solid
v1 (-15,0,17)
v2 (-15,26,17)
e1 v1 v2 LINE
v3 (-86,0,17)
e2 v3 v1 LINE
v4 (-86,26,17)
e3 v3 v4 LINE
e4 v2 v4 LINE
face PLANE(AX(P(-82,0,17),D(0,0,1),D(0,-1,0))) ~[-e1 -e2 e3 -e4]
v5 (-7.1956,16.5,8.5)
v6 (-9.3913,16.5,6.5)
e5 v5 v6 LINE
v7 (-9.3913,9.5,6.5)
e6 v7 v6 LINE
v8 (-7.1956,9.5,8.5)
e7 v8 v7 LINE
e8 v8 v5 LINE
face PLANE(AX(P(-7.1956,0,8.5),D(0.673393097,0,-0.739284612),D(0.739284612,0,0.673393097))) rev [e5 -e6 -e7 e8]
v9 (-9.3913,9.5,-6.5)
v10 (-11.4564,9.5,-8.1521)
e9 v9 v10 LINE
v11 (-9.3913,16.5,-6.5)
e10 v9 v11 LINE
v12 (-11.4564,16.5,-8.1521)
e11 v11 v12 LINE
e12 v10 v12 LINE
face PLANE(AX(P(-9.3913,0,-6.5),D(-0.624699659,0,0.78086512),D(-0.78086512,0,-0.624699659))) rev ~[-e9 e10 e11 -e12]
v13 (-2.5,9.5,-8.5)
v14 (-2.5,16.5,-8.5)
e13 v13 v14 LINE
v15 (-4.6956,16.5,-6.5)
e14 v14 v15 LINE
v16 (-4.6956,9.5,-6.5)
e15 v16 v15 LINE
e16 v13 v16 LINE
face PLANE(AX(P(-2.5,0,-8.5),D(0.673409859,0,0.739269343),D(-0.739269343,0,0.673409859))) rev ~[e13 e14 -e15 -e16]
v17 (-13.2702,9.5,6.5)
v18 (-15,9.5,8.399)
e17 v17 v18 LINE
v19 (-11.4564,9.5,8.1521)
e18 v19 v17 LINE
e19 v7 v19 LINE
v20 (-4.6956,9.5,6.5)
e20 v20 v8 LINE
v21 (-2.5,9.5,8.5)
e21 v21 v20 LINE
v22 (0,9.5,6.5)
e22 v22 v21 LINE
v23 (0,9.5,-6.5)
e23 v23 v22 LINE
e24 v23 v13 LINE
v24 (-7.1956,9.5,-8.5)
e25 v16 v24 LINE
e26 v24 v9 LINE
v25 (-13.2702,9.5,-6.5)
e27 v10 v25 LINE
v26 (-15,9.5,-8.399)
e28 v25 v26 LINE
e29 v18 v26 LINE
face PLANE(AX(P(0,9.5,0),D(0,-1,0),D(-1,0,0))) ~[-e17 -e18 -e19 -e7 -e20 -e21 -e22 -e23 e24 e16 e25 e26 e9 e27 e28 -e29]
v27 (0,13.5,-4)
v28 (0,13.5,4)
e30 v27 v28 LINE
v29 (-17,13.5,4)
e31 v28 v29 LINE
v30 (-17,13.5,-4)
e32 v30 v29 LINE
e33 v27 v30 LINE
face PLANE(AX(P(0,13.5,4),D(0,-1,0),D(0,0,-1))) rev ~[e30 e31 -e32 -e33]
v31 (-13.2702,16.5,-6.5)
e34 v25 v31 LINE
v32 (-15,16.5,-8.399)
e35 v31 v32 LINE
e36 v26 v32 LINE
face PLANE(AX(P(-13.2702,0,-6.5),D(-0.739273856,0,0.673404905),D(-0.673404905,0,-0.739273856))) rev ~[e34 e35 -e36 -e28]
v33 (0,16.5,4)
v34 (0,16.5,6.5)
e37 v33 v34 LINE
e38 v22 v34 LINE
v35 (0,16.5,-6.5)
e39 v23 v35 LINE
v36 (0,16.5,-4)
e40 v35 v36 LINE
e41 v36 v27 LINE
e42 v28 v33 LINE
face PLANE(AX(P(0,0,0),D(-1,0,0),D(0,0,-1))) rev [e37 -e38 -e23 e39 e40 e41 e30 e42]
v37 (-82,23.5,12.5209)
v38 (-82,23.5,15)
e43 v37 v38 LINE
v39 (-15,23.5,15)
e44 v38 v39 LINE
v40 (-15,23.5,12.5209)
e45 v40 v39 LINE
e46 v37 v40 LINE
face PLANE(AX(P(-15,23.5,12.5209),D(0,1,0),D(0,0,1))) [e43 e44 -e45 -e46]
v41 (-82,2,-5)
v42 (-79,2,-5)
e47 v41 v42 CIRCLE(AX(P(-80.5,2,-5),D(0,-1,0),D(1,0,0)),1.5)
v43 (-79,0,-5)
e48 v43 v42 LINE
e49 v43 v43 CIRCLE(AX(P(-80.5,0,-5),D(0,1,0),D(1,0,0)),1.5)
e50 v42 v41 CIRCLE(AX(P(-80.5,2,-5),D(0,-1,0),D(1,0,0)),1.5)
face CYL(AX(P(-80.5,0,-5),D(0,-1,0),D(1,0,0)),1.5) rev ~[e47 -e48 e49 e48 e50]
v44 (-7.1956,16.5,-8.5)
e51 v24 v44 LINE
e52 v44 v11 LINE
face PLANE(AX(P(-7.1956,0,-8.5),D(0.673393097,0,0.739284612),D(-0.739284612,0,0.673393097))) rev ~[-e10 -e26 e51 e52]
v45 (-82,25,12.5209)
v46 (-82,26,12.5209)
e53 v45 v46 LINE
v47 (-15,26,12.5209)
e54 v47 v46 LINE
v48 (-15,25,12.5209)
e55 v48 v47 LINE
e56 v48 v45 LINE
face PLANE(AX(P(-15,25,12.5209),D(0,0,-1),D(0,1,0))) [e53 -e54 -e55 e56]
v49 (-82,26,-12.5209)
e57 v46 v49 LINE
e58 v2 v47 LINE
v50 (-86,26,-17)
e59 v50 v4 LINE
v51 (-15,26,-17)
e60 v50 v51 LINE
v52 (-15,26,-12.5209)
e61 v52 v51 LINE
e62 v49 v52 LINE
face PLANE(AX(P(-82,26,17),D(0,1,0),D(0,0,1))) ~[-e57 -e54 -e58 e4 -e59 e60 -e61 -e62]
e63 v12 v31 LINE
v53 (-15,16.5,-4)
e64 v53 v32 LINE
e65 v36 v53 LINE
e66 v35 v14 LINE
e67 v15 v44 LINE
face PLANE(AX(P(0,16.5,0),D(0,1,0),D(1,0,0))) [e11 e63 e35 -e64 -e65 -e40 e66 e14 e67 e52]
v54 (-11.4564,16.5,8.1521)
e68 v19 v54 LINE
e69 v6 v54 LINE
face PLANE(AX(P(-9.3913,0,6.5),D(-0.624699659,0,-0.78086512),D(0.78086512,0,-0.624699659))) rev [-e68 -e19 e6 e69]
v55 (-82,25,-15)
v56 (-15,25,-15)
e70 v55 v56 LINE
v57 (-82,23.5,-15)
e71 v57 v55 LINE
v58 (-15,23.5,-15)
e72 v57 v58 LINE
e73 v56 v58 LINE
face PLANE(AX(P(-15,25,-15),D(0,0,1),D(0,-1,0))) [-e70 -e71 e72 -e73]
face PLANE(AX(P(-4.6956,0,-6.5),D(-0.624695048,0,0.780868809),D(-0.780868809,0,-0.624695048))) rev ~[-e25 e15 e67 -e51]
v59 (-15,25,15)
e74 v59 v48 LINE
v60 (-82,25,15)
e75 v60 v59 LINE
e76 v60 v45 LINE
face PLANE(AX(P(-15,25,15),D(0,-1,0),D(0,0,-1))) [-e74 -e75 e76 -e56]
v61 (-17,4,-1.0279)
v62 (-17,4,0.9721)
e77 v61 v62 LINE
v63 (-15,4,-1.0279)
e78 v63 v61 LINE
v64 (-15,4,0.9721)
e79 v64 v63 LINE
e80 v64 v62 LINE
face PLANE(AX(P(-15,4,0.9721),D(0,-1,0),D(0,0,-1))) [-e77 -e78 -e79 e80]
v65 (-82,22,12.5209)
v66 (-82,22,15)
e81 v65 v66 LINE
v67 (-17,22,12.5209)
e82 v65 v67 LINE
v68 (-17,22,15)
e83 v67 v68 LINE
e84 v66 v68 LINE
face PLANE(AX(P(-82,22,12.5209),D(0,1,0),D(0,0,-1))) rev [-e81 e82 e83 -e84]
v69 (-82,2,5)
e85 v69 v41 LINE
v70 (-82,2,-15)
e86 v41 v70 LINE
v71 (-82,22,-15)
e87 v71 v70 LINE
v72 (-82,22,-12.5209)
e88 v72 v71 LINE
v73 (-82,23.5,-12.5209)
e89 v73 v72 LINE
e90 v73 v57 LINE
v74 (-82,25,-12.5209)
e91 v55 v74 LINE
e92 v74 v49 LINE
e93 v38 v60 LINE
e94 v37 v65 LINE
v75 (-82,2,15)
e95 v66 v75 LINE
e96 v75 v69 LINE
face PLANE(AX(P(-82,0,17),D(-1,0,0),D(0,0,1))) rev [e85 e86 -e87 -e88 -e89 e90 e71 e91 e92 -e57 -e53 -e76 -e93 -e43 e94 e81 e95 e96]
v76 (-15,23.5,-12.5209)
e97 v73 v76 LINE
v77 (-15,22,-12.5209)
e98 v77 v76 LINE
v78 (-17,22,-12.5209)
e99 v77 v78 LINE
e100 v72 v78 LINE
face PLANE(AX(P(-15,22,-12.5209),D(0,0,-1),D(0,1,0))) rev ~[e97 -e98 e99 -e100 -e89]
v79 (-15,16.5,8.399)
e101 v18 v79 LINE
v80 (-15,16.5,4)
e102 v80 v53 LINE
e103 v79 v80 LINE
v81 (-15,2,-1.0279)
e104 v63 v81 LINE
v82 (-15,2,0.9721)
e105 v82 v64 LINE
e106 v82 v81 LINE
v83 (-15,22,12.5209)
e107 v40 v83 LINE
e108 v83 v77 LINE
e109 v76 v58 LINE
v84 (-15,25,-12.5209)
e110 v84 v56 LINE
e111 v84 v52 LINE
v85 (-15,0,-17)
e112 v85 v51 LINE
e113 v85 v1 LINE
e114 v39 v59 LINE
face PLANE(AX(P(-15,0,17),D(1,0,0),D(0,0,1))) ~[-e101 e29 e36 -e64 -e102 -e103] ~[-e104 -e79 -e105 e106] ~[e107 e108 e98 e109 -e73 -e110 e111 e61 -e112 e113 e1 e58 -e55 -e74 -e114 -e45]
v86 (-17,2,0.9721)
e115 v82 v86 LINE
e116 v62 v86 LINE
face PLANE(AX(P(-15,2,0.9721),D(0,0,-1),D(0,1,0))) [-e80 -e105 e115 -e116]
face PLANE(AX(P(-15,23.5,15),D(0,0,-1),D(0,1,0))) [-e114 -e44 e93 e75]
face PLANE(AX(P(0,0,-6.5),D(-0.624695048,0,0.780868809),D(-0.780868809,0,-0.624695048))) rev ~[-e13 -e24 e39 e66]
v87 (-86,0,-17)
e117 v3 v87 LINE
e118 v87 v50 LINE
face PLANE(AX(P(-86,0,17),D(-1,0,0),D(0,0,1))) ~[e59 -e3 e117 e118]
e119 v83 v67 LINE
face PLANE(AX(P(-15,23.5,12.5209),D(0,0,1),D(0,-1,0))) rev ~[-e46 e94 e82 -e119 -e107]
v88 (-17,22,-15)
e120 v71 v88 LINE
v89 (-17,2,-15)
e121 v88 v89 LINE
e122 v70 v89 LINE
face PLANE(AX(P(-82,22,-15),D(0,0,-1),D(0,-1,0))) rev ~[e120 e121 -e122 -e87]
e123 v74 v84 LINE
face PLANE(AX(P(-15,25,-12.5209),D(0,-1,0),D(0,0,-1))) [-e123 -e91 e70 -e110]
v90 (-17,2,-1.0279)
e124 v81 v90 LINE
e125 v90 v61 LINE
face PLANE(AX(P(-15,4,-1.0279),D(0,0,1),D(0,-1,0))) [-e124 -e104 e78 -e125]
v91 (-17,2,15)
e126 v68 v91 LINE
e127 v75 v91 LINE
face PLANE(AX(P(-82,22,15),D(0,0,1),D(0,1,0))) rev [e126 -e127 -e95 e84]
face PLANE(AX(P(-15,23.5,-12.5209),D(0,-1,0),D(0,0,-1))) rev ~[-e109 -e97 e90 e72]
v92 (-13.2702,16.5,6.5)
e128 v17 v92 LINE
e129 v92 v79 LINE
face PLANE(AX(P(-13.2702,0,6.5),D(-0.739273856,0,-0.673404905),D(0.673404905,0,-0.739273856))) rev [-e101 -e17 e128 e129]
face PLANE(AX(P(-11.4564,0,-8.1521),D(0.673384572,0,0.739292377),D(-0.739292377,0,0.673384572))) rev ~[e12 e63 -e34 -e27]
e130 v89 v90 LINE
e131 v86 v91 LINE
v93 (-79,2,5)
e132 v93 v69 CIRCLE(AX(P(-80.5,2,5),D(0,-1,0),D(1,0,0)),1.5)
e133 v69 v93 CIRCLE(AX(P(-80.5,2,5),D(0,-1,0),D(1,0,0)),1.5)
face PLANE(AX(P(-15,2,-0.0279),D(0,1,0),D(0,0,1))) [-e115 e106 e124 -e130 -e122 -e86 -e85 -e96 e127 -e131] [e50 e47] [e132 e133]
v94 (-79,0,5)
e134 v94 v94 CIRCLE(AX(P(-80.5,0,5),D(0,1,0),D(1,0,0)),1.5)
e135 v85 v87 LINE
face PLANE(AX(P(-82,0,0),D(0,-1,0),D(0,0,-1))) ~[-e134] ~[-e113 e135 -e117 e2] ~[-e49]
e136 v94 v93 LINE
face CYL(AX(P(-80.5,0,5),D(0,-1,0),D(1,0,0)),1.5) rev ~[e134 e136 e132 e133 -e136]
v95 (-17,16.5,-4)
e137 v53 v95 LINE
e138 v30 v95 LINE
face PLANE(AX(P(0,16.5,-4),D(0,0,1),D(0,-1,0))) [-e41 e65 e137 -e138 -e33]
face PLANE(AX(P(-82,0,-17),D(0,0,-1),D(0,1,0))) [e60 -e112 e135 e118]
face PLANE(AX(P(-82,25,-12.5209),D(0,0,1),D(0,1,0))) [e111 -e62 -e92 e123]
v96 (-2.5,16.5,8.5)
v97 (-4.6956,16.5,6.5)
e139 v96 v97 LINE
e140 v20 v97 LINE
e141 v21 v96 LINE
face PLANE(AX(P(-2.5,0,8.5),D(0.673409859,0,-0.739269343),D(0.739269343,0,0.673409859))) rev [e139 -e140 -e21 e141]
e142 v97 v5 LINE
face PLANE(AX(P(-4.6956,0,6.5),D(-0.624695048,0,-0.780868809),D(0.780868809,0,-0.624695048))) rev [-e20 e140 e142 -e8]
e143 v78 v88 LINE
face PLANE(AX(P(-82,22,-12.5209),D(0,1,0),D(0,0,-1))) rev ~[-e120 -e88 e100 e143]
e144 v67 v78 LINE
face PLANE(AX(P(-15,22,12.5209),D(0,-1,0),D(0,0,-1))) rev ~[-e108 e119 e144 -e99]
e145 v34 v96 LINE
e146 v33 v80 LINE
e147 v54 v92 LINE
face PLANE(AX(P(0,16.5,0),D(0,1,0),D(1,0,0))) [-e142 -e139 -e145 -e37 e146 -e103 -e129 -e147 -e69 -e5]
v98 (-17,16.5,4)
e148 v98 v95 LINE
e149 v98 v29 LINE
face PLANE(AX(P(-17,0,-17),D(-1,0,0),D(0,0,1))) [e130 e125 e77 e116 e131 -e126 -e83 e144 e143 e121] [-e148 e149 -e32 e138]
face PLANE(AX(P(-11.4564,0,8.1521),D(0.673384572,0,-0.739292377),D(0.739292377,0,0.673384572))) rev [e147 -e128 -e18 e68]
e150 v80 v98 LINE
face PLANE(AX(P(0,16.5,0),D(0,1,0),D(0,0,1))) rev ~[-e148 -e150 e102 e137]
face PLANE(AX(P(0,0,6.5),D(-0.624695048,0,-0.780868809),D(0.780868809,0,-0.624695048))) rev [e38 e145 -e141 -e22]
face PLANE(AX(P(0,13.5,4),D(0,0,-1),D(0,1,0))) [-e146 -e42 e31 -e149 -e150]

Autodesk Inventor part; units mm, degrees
ref_plane "YZ Plane" through (0, 0, 0) normal (1, 0, 0) x (0, 1, 0)
ref_plane "XZ Plane" through (0, 0, 0) normal (0, 1, 0) x (-1, 0, 0)
sketch "草图1" plane through (0, 0, 0) normal (0, 1, 0) x (-1, 0, 0)
  line L0 (0, 0) -> (0, -6.5)
  line L1 (0, 0) -> (15, 0)
  line L2 (0, 0) -> (0, -6.5)
  line L3 (0, -6.5) -> (2.5, -8.5)
  line L4 (2.5, -8.5) -> (4.6956, -6.5)
  line L5 (4.6956, -6.5) -> (7.1956, -8.5)
  line L6 (7.1956, -8.5) -> (9.3913, -6.5)
  line L7 (9.3913, -6.5) -> (11.4564, -8.1521)
  line L8 (11.4564, -8.1521) -> (13.2702, -6.5)
  line L9 (13.2702, -6.5) -> (15, -8.399)
  line L10 (15, 0) -> (82, 0)
  line L11 (82, 0) -> (82, -17)
  line L12 (82, -17) -> (15, -17)
  line L13 (15, -17) -> (15, -8.399)
  line L14 (15, -10) -> (15, -8.399)
  line L15 (15, -10) -> (15, -8.399)
  dimension "d1" = 6.5
  dimension "d2" = 15
  dimension "d3" = 99.01
  dimension "d4" = 67
  dimension "d6" = 17
extrude "拉伸1" add sketch "草图1" along normal blind 26
sketch "草图2" plane through (-82, 0, -17) normal (-1, 0, 0) x (0, 0, 1)
  line L0 (4.4791, 22) -> (2, 22)
  line L1 (2, 22) -> (2, 2)
  line L2 (2, 2) -> (17, 2)
  line L3 (4.4791, 23.5) -> (2, 23.5)
  line L4 (2, 23.5) -> (2, 25)
  line L5 (2, 25) -> (4.4791, 25)
  line L6 (0, 0) -> (17, 0) projected
  line L7 (17, 0) -> (17, 26) projected
  line L8 (0, 26) -> (17, 26) projected
  line L9 (0, 0) -> (0, 26) projected
  line L10 (4.4791, 25) -> (4.4791, 26)
  line L11 (4.4791, 23.5) -> (4.4791, 22)
  line L12 (17, 0) -> (17, 26) projected
  line L13 (4.4791, 26) -> (17, 26)
  line L14 (17, 26) -> (17, 2)
  dimension "d9" = 20
  dimension "d11" = 1.5
  dimension "d12" = 1.5
  dimension "d13" = 15
  dimension "d14" = 2
extrude "拉伸2" cut sketch "草图2" against normal blind 65 contours L11 L3 L4 L5 L10 L8 L7 L2 L1 L0
sketch "草图3" plane through (-82, 0, -17) normal (-1, 0, 0) x (0, 0, 1)
  line L0 (0, 0) -> (0, 26) projected
  line L1 (0, 26) -> (17, 26)
  line L2 (17, 26) -> (17, 0)
  line L3 (17, 0) -> (0, 0)
  line L4 (0, 0) -> (0, 26)
extrude "拉伸3" add sketch "草图3" along normal blind 4
mirror "镜像1" about plane through (-82, 0, 0) normal (0, 0, 1) of "拉伸1", "拉伸2", "拉伸3"
sketch "草图4" plane through (0, 26, 0) normal (0, 1, 0) x (1, 0, 0)
  line L0 (-15, -17) -> (-86, -17) projected
  line L1 (-15, -8.399) -> (-15, -17) projected
  line L2 (-13.2702, -6.5) -> (-15, -8.399) projected
  line L3 (-11.4564, -8.1521) -> (-13.2702, -6.5) projected
  line L4 (-9.3913, -6.5) -> (-11.4564, -8.1521) projected
  line L5 (-7.1956, -8.5) -> (-9.3913, -6.5) projected
  line L6 (-4.6956, -6.5) -> (-7.1956, -8.5) projected
  line L7 (-2.5, -8.5) -> (-4.6956, -6.5) projected
  line L8 (0, -6.5) -> (-2.5, -8.5) projected
  line L9 (0, 6.5) -> (0, -6.5) projected
  line L10 (0, 6.5) -> (-2.5, 8.5) projected
  line L11 (-2.5, 8.5) -> (-4.6956, 6.5) projected
  line L12 (-4.6956, 6.5) -> (-7.1956, 8.5) projected
  line L13 (-7.1956, 8.5) -> (-9.3913, 6.5) projected
  line L14 (-9.3913, 6.5) -> (-11.4564, 8.1521) projected
  line L15 (-11.4564, 8.1521) -> (-13.2702, 6.5) projected
  line L16 (-13.2702, 6.5) -> (-15, 8.399) projected
  line L17 (-15, 8.399) -> (-15, 17) projected
  line L18 (-15, 17) -> (-86, 17) projected
  line L19 (-86, 17) -> (-86, -17) projected
  line L20 (-82, 12.5209) -> (-82, -12.5209) projected
  line L21 (-82, 12.5209) -> (-17, 12.5209) projected
  line L22 (-17, 12.5209) -> (-17, -12.5209) projected
  line L23 (-17, -12.5209) -> (-82, -12.5209) projected
  line L24 (-15, -8.399) -> (-15, 8.399)
  point P0 (0, 0)
extrude "拉伸4" cut sketch "草图4" against normal blind 9.5 contours L24 L16 L15 L14 L13 L12 L11 L10 L9 L8 L7 L6 L5 L4 L3 L2
ref_plane "工作平面1" through (0, 13, 0) normal (0, 1, 0) x (1, 0, 0)
mirror "镜像2" about plane through (0, 13, 0) normal (0, 1, 0) of "拉伸4"
sketch "草图5" plane through (-15, 0, -17) normal (1, 0, 0) x (0, 0, -1)
  line L0 (-32, 23.5) -> (-32, 25) projected
  line L1 (-4.4791, 23.5) -> (-2, 23.5) projected
  line L2 (-32, 25) -> (-2, 25)
  line L3 (-2, 25) -> (-2, 23.5)
  line L4 (-2, 23.5) -> (-32, 23.5)
  line L5 (-32, 23.5) -> (-32, 25)
  line L6 (-29.5209, 25) -> (-29.5209, 26) projected
  line L7 (-4.4791, 25) -> (-4.4791, 26) projected
  line L8 (-29.5209, 25) -> (-4.4791, 25)
  line L9 (-4.4791, 25) -> (-4.4791, 26)
  line L10 (-4.4791, 26) -> (-29.5209, 26)
  line L11 (-29.5209, 26) -> (-29.5209, 25)
  line L12 (-32, 22) -> (-29.5209, 22) projected
  line L13 (-29.5209, 22) -> (-4.4791, 22)
  line L14 (-4.4791, 22) -> (-4.4791, 23.5)
  line L15 (-4.4791, 23.5) -> (-29.5209, 23.5)
  line L16 (-29.5209, 23.5) -> (-29.5209, 22)
  point P0 (-17, 0)
extrude "拉伸5" cut sketch "草图5" against normal up to surface (2 mm away) from surface at 0
sketch "草图6" plane through (0, 16.5, 6.5) normal (1, 0, 0) x (0, 0, -1)
  line L0 (0, -7) -> (13, -7) projected
  line L1 (13, -7) -> (13, 0) projected
  line L2 (13, 0) -> (0, 0) projected
  line L3 (0, -7) -> (0, 0) projected
  line L4 (0, -3) -> (13, -3) projected
  line L5 (2.5, 0) -> (10.5, 0)
  line L6 (10.5, 0) -> (10.5, -3)
  line L7 (10.5, -3) -> (2.5, -3)
  line L8 (2.5, -3) -> (2.5, 0)
  line L9 (0, -7) -> (0, 0) projected
  line L10 (6.5, -3) -> (6.5, 0)
  line L11 (13, 0) -> (0, 0) projected
  dimension "d23" = 8
  dimension "d24" = 3
extrude "拉伸6" cut sketch "草图6" against normal blind 68.25 contours L8 L2 L10 L4 | L4 L10 L2 L6
sketch "草图7" plane through (0, 0, 0) normal (0, -1, 0) x (1, 0, 0)
  line L0 (-82, 15) -> (-82, -15) projected
  line L1 (-82, -15) -> (-17, -15) projected
  line L2 (-82, 15) -> (-17, 15) projected
  circle A0 centre (-80.5, -5) radius 1.5
  circle A1 centre (-80.5, 5) radius 1.5
  line L3 (-103.2, 0) -> (17.2, 0) projected
  point P0 (0, 0)
  dimension "d27" = 3
  dimension "d28" = 3
  dimension "d29" = 10
  dimension "d30" = 1.5
extrude "拉伸7" cut sketch "草图7" against normal blind 9.25
sketch "草图8" plane through (-15, 0, -17) normal (1, 0, 0) x (0, 0, -1)
  line L0 (-17.9721, 4) -> (-15.9721, 4)
  line L1 (-15.9721, 4) -> (-15.9721, 2)
  line L2 (-15.9721, 2) -> (-17.9721, 2)
  line L3 (-17.9721, 2) -> (-17.9721, 4)
  line L4 (-16.9721, 7.1271) -> (-16.9721, -1.5009)
  line L5 (0, 0) -> (-34, 0) projected
  point P0 (-17, 0)
  dimension "d33" = 2
  dimension "d34" = 2
  dimension "d35" = 2
extrude "拉伸8" cut sketch "草图8" against normal blind 5
properties part number "装置容器" material "银"
